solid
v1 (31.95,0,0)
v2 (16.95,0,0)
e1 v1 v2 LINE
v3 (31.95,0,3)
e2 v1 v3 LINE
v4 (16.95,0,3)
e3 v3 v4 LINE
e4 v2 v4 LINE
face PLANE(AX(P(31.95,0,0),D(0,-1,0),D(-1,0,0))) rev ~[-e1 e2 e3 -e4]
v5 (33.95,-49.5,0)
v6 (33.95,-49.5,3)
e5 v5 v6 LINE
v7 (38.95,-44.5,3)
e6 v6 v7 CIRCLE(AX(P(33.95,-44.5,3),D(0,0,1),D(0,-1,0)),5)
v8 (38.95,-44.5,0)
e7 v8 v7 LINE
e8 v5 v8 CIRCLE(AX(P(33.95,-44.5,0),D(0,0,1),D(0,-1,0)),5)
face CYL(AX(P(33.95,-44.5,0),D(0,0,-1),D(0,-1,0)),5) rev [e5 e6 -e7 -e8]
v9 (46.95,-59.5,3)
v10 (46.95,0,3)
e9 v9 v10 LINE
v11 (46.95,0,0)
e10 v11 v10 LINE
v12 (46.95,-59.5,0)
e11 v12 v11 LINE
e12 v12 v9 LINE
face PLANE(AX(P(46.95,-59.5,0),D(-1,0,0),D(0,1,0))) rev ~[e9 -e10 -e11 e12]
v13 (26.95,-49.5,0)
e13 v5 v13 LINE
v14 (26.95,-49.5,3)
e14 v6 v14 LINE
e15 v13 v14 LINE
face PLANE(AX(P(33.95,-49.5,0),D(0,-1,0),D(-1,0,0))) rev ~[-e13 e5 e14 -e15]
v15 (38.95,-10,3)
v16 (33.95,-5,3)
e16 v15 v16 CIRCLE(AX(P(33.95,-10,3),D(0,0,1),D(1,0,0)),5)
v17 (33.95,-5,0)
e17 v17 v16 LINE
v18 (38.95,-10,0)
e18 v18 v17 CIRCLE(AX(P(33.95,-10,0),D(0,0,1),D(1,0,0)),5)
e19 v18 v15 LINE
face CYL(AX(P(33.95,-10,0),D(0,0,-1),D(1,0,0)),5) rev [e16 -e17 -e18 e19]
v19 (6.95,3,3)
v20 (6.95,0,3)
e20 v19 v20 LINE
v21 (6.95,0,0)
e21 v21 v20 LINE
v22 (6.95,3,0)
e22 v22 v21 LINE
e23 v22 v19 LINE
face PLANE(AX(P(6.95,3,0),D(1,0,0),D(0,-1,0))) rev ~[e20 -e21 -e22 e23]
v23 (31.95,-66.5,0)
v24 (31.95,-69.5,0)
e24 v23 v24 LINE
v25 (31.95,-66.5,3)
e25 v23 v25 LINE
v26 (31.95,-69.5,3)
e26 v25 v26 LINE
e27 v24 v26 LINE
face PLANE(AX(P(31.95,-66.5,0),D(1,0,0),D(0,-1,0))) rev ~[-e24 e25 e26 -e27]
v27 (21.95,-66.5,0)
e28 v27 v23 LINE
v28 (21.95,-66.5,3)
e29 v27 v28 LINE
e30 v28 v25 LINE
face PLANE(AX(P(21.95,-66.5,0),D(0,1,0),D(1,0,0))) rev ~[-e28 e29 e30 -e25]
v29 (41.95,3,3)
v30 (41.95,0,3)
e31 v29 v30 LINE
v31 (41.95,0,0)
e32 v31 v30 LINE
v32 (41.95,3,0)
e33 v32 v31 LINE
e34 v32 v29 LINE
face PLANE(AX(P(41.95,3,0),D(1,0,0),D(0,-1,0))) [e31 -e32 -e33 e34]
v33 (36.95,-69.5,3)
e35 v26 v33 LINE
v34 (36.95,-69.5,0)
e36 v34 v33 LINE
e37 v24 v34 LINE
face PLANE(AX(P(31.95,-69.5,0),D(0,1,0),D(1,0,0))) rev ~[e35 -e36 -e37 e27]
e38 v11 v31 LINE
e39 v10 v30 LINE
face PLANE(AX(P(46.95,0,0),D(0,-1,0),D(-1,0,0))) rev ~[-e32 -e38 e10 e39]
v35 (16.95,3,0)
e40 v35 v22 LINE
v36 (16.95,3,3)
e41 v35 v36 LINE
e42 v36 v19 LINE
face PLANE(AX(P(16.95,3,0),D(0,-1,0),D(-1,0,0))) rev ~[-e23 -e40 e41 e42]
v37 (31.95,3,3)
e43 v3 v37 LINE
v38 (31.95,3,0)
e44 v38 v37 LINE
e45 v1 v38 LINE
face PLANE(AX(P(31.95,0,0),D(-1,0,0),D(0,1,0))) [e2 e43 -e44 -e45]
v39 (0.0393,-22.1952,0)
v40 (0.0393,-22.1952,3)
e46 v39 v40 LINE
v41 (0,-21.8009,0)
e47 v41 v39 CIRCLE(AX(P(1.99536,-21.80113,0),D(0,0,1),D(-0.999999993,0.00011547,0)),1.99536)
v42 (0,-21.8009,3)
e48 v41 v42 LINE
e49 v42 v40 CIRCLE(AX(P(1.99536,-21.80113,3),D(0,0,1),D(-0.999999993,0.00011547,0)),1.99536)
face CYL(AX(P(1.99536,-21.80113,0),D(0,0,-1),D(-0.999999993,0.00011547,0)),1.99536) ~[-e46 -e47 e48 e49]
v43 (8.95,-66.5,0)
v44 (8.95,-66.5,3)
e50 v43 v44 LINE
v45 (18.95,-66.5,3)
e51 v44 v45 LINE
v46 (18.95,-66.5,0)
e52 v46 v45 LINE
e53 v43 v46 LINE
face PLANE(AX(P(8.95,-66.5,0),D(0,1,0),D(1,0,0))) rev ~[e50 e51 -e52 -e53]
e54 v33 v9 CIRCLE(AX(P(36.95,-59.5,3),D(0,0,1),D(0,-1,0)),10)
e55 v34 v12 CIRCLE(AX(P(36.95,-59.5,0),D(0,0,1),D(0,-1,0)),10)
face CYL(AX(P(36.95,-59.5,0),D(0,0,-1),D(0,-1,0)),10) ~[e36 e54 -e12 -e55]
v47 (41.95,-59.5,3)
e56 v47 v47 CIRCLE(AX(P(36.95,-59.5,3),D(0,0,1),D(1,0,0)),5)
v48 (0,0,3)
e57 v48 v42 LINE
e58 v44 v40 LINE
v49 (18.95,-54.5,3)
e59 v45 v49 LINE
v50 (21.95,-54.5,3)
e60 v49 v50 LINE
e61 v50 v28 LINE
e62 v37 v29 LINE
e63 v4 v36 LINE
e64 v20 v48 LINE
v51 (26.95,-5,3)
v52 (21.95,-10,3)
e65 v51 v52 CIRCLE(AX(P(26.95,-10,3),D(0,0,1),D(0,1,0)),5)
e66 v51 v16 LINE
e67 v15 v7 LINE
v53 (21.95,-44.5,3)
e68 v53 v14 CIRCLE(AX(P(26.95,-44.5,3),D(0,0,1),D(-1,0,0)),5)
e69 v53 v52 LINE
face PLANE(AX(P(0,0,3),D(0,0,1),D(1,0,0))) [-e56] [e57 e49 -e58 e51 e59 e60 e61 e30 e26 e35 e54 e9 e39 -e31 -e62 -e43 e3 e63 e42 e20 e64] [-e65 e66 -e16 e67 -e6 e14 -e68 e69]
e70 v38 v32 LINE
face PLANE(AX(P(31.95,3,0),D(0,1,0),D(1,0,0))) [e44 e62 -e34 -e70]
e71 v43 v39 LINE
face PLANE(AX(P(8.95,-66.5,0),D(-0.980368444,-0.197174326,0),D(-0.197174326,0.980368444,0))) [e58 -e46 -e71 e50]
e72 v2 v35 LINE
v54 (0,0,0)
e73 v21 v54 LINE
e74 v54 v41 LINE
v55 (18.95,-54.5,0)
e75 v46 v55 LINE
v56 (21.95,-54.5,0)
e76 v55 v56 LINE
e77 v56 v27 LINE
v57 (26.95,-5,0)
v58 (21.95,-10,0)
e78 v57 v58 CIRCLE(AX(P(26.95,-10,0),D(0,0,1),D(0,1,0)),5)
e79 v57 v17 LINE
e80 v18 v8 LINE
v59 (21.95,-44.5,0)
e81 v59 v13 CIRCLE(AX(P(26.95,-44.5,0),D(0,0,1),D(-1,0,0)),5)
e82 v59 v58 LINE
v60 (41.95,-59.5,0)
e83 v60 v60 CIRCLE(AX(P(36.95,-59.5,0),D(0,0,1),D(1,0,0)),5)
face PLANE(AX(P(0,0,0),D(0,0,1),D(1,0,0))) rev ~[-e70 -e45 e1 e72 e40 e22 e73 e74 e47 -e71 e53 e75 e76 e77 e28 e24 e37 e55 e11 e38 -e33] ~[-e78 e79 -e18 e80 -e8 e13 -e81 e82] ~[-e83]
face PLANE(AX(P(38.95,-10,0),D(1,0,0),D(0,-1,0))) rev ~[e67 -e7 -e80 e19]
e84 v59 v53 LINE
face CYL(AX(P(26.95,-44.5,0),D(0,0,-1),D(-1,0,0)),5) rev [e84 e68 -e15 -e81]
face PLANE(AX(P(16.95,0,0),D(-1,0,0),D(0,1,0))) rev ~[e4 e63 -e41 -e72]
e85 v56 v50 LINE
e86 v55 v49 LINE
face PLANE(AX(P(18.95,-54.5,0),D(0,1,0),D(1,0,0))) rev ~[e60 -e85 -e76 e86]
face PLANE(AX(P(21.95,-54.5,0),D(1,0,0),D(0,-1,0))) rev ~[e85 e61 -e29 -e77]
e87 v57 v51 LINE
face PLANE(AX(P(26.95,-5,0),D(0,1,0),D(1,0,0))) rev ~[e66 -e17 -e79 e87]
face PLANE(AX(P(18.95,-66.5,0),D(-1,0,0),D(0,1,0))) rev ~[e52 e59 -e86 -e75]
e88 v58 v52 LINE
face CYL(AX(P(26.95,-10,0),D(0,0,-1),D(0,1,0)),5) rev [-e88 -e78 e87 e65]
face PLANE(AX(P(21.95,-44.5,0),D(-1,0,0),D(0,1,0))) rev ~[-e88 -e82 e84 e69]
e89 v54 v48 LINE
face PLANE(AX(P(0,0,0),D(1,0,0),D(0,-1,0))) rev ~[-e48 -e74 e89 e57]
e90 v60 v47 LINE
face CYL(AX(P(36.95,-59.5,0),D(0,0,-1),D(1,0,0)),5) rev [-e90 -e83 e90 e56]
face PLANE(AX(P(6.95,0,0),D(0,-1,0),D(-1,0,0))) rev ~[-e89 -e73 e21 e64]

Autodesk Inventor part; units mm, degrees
ref_plane "YZ Plane" through (0, 0, 0) normal (1, 0, 0) x (0, 1, 0)
ref_plane "XZ Plane" through (0, 0, 0) normal (0, 1, 0) x (-1, 0, 0)
ref_plane "XY Plane" through (0, 0, 0) normal (0, 0, 1) x (1, 0, 0)
sketch "Sketch1" plane through (0, 0, 0) normal (0, 0, 1) x (1, 0, 0)
  line L0 (8.95, -66.5) -> (18.95, -66.5)
  line L1 (18.95, -66.5) -> (18.95, -54.5)
  line L2 (18.95, -54.5) -> (21.95, -54.5)
  line L3 (21.95, -54.5) -> (21.95, -66.5)
  line L4 (31.95, -69.5) -> (36.95, -69.5)
  line L5 (46.95, -59.5) -> (46.95, 0)
  arc A0 (36.95, -69.5) -> (46.95, -59.5) centre (36.95, -59.5) ccw
  line L6 (26.95, -5) -> (33.95, -5)
  line L7 (38.95, -10) -> (38.95, -44.5)
  line L8 (33.95, -49.5) -> (26.95, -49.5)
  line L9 (21.95, -44.5) -> (21.95, -10)
  circle A1 centre (36.95, -59.5) radius 5
  arc A2 (21.95, -44.5) -> (26.95, -49.5) centre (26.95, -44.5) ccw
  arc A3 (33.95, -49.5) -> (38.95, -44.5) centre (33.95, -44.5) ccw
  arc A4 (38.95, -10) -> (33.95, -5) centre (33.95, -10) ccw
  arc A5 (26.95, -5) -> (21.95, -10) centre (26.95, -10) ccw
  line L10 (16.95, 0) -> (16.95, 3)
  line L11 (16.95, 3) -> (6.95, 3)
  line L12 (6.95, 3) -> (6.95, 0)
  line L13 (31.95, 0) -> (31.95, 3)
  line L14 (31.95, 3) -> (41.95, 3)
  line L15 (41.95, 3) -> (41.95, 0)
  line L16 (46.95, 0) -> (41.95, 0)
  line L17 (31.95, 0) -> (16.95, 0)
  line L18 (6.95, 0) -> (0, 0)
  line L19 (0, 0) -> (0, -21.8009)
  line L20 (21.95, -66.5) -> (31.95, -66.5)
  line L21 (31.95, -66.5) -> (31.95, -69.5)
  line L22 (8.95, -66.5) -> (0.0393, -22.1952)
  arc A6 (0, -21.8009) -> (0.0393, -22.1952) centre (2, -21.8009) ccw
  point P0 (46.95, -69.5)
  point P1 (0, -22)
  dimension "d7" = 10
  dimension "d8" = 8
  dimension "d11" = 20
  dimension "d12" = 10
  dimension "d14" = 5
  dimension "d17" = 10
  dimension "d18" = 3
  dimension "d20" = 10
  dimension "d21" = 3
  dimension "d22" = 5
  dimension "d23" = 15
  dimension "d24" = 3
  dimension "d25" = 3
  dimension "d26" = 69.5
  dimension "d27" = 5
  dimension "d31" = 3
  dimension "d36" = 18.95
  dimension "d40" = 3
  dimension "d41" = 10
  dimension "d42" = 3
  dimension "d43" = 15
  dimension "d44" = 21.95
  dimension "d46" = 6.95
  dimension "d47" = 22
  dimension "d48" = 10
  dimension "d49" = 2
  dimension "d51" = 12
  dimension "d52" = 66.5
extrude "Extrusion1" add sketch "Sketch1" along normal blind 3
properties part number "OpenROV 2_2 Handel"
